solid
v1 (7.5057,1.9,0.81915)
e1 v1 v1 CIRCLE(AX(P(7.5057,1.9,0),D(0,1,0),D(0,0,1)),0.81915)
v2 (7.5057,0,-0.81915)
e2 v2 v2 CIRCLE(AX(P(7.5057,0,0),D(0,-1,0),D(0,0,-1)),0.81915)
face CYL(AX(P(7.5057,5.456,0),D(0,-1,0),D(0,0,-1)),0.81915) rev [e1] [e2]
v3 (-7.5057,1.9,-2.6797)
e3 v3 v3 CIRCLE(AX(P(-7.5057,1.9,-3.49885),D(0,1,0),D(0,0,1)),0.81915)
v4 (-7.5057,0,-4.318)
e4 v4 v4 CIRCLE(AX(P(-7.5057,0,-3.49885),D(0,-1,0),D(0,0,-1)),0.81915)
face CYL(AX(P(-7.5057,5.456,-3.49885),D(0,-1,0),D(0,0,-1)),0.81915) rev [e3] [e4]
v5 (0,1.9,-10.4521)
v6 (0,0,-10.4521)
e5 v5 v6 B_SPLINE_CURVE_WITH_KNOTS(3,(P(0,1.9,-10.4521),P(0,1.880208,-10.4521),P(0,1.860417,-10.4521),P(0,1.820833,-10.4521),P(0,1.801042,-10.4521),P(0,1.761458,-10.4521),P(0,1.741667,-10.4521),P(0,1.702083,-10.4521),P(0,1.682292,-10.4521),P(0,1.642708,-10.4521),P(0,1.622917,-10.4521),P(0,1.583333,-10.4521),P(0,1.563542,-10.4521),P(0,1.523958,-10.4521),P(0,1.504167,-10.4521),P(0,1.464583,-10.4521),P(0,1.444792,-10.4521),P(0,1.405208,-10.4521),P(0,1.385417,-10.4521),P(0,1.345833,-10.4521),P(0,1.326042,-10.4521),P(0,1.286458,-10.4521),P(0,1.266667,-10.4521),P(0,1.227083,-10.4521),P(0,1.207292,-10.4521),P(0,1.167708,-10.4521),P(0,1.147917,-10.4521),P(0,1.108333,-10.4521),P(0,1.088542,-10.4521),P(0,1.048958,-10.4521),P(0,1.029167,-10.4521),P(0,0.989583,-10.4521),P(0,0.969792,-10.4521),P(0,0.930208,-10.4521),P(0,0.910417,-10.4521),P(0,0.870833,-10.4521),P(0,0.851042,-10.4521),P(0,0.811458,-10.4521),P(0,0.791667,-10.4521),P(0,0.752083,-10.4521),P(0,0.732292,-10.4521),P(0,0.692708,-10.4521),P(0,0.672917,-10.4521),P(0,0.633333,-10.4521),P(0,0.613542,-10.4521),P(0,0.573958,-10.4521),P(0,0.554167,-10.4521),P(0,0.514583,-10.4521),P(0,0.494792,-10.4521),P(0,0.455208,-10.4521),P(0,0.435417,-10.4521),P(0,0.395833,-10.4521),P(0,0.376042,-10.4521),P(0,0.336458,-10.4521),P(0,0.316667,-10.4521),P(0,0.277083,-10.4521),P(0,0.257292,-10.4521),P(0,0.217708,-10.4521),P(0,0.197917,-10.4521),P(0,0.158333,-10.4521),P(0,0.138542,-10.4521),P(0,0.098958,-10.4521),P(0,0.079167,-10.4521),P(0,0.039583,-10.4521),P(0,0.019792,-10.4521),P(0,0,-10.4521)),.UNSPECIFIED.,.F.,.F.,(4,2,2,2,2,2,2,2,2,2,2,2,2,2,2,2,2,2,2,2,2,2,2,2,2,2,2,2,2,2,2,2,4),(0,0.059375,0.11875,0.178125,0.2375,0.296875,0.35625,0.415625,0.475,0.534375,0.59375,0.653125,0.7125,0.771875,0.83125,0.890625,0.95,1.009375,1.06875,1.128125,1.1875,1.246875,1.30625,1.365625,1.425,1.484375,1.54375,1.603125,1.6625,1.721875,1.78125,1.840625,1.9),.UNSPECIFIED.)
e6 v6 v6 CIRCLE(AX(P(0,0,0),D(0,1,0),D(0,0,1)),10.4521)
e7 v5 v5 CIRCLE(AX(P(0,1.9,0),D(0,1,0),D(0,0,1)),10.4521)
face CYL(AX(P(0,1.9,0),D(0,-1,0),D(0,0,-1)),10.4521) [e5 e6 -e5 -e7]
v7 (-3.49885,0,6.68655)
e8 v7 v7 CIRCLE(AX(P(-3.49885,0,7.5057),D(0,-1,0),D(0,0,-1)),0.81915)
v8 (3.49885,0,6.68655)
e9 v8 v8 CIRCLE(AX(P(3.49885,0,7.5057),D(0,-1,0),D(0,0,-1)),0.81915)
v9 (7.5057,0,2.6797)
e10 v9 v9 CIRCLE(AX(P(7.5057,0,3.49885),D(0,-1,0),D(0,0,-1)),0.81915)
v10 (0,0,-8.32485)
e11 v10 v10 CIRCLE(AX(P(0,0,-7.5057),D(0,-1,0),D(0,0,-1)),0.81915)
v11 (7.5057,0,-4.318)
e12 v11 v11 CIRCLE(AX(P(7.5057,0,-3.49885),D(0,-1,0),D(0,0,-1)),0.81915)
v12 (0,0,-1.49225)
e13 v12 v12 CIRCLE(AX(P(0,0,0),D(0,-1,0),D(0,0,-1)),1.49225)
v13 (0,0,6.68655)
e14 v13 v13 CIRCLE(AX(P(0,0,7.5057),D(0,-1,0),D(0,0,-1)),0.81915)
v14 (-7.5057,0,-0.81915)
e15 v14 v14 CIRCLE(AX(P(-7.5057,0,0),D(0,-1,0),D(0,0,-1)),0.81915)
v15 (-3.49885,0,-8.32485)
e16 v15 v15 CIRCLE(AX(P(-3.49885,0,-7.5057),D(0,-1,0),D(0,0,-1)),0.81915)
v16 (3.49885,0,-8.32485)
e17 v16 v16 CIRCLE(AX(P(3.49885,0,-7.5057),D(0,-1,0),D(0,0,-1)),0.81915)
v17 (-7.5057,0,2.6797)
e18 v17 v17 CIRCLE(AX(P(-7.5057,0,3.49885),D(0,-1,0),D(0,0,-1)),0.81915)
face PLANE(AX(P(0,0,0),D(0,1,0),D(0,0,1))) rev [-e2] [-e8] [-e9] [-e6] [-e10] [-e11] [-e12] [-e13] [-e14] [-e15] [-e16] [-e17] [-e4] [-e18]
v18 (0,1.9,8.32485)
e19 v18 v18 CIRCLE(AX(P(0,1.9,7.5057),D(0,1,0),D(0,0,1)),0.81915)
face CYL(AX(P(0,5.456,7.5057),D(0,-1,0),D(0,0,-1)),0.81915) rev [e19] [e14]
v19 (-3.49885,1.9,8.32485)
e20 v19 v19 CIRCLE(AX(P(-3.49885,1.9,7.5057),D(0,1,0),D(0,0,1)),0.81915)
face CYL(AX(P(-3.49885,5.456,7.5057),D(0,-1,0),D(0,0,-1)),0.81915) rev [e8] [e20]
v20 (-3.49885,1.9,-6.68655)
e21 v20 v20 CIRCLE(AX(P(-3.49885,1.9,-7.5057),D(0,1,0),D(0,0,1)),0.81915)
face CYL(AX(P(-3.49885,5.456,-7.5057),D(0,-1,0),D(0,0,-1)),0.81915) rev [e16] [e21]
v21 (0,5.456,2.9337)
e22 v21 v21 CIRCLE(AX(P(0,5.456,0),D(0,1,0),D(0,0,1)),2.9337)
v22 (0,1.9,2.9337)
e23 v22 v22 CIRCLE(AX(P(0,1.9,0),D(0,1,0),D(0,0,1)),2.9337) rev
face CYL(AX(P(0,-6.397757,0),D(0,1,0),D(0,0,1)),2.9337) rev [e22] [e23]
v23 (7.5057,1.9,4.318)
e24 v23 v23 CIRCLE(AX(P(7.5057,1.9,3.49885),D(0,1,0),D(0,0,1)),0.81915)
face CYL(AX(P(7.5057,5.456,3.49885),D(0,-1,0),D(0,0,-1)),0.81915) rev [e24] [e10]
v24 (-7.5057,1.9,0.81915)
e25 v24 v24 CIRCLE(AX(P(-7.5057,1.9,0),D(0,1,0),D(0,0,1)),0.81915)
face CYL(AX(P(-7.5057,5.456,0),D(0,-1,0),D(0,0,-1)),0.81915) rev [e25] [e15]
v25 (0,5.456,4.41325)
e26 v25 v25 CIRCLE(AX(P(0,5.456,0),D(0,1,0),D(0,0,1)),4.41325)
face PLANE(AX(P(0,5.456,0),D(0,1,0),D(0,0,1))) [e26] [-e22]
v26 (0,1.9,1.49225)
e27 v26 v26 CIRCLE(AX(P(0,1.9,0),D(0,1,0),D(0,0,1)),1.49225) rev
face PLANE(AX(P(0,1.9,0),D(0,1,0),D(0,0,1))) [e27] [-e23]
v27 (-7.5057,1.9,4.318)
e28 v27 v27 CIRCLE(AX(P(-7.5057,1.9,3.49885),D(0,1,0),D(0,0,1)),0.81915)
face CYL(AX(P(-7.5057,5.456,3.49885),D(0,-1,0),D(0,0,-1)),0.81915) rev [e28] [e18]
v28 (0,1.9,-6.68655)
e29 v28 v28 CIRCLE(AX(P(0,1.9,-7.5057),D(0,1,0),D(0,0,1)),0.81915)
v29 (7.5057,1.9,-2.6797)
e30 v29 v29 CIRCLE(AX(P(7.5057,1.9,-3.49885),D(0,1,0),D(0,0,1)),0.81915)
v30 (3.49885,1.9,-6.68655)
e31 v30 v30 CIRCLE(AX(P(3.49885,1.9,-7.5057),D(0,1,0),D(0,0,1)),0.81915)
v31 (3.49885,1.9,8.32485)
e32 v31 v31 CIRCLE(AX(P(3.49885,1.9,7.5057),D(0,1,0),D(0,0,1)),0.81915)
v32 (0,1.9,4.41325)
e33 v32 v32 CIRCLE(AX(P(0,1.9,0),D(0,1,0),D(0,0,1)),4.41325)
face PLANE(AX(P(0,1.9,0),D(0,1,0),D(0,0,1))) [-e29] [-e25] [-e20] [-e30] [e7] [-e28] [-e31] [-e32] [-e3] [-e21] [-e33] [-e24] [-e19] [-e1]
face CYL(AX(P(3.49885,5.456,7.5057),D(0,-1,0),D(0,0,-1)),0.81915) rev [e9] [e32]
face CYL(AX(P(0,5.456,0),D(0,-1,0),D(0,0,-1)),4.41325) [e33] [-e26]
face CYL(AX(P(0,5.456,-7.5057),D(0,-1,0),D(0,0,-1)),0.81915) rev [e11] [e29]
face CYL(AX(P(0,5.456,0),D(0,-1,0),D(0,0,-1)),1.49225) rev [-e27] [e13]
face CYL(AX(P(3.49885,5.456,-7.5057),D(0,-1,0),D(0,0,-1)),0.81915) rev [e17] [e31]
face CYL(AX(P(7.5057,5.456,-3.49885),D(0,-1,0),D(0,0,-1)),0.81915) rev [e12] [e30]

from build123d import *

# Parameters (mm, degrees)
SKETCH1_R           = 10.4521
BOSS_EXTRUDE1_DEPTH = 1.9
SKETCH2_R           = 4.41325
BOSS_EXTRUDE2_DEPTH = 3.556
SKETCH3_R           = 1.49225
SKETCH3_R_2         = 0.81915
CUT_EXTRUDE1_DEPTH  = 16.756291595
SKETCH4_R           = 2.9337
CUT_EXTRUDE2_DEPTH  = 3.556


with BuildPart() as part:
    # Sketch1 → Boss-Extrude1 (new body)
    with BuildSketch(Plane(origin=(0, 0, 0), x_dir=(1, 0, 0), z_dir=(0, 1, 0))):
        with Locations(Location((0, 0, 0), (0, 0, 90))):
            Circle(SKETCH1_R)
    extrude(amount=BOSS_EXTRUDE1_DEPTH)

    # Sketch2 → Boss-Extrude2 (add)
    with BuildSketch(Plane(origin=(0, 1.9, 0), x_dir=(1, 0, 0), z_dir=(0, 1, 0))):
        with Locations(Location((0, 0, 0), (0, 0, 270))):
            Circle(SKETCH2_R)
    extrude(amount=BOSS_EXTRUDE2_DEPTH)

    # Sketch3 → Cut-Extrude1 (cut, through all)
    with BuildSketch(Plane.XZ):
        with Locations(Location((0, 0, 0), (0, 0, 270))):
            Circle(SKETCH3_R)
        with Locations(Location((-7.5057, 0, 0), (0, 0, 270))):
            Circle(SKETCH3_R_2)
        with Locations(Location((-7.5057, 3.49885, 0), (0, 0, 270))):
            Circle(SKETCH3_R_2)
        with Locations(Location((-7.5057, -3.49885, 0), (0, 0, 270))):
            Circle(SKETCH3_R_2)
        with Locations(Location((0, 7.5057, 0), (0, 0, 270))):
            Circle(SKETCH3_R_2)
        with Locations(Location((3.49885, 7.5057, 0), (0, 0, 270))):
            Circle(SKETCH3_R_2)
        with Locations(Location((-3.49885, 7.5057, 0), (0, 0, 270))):
            Circle(SKETCH3_R_2)
        with Locations(Location((7.5057, 0, 0), (0, 0, 270))):
            Circle(SKETCH3_R_2)
        with Locations(Location((7.5057, -3.49885, 0), (0, 0, 270))):
            Circle(SKETCH3_R_2)
        with Locations(Location((7.5057, 3.49885, 0), (0, 0, 270))):
            Circle(SKETCH3_R_2)
        with Locations(Location((0, -7.5057, 0), (0, 0, 270))):
            Circle(SKETCH3_R_2)
        with Locations(Location((-3.49885, -7.5057, 0), (0, 0, 270))):
            Circle(SKETCH3_R_2)
        with Locations(Location((3.49885, -7.5057, 0), (0, 0, 270))):
            Circle(SKETCH3_R_2)
    extrude(amount=-CUT_EXTRUDE1_DEPTH, mode=Mode.SUBTRACT)

    # Sketch4 → Cut-Extrude2 (cut)
    with BuildSketch(Plane(origin=(0, 5.456, 0), x_dir=(1, 0, 0), z_dir=(0, 1, 0))):
        with Locations(Location((0, 0, 0), (0, 0, 270))):
            Circle(SKETCH4_R)
    extrude(amount=-CUT_EXTRUDE2_DEPTH, mode=Mode.SUBTRACT)


solid = part.part
